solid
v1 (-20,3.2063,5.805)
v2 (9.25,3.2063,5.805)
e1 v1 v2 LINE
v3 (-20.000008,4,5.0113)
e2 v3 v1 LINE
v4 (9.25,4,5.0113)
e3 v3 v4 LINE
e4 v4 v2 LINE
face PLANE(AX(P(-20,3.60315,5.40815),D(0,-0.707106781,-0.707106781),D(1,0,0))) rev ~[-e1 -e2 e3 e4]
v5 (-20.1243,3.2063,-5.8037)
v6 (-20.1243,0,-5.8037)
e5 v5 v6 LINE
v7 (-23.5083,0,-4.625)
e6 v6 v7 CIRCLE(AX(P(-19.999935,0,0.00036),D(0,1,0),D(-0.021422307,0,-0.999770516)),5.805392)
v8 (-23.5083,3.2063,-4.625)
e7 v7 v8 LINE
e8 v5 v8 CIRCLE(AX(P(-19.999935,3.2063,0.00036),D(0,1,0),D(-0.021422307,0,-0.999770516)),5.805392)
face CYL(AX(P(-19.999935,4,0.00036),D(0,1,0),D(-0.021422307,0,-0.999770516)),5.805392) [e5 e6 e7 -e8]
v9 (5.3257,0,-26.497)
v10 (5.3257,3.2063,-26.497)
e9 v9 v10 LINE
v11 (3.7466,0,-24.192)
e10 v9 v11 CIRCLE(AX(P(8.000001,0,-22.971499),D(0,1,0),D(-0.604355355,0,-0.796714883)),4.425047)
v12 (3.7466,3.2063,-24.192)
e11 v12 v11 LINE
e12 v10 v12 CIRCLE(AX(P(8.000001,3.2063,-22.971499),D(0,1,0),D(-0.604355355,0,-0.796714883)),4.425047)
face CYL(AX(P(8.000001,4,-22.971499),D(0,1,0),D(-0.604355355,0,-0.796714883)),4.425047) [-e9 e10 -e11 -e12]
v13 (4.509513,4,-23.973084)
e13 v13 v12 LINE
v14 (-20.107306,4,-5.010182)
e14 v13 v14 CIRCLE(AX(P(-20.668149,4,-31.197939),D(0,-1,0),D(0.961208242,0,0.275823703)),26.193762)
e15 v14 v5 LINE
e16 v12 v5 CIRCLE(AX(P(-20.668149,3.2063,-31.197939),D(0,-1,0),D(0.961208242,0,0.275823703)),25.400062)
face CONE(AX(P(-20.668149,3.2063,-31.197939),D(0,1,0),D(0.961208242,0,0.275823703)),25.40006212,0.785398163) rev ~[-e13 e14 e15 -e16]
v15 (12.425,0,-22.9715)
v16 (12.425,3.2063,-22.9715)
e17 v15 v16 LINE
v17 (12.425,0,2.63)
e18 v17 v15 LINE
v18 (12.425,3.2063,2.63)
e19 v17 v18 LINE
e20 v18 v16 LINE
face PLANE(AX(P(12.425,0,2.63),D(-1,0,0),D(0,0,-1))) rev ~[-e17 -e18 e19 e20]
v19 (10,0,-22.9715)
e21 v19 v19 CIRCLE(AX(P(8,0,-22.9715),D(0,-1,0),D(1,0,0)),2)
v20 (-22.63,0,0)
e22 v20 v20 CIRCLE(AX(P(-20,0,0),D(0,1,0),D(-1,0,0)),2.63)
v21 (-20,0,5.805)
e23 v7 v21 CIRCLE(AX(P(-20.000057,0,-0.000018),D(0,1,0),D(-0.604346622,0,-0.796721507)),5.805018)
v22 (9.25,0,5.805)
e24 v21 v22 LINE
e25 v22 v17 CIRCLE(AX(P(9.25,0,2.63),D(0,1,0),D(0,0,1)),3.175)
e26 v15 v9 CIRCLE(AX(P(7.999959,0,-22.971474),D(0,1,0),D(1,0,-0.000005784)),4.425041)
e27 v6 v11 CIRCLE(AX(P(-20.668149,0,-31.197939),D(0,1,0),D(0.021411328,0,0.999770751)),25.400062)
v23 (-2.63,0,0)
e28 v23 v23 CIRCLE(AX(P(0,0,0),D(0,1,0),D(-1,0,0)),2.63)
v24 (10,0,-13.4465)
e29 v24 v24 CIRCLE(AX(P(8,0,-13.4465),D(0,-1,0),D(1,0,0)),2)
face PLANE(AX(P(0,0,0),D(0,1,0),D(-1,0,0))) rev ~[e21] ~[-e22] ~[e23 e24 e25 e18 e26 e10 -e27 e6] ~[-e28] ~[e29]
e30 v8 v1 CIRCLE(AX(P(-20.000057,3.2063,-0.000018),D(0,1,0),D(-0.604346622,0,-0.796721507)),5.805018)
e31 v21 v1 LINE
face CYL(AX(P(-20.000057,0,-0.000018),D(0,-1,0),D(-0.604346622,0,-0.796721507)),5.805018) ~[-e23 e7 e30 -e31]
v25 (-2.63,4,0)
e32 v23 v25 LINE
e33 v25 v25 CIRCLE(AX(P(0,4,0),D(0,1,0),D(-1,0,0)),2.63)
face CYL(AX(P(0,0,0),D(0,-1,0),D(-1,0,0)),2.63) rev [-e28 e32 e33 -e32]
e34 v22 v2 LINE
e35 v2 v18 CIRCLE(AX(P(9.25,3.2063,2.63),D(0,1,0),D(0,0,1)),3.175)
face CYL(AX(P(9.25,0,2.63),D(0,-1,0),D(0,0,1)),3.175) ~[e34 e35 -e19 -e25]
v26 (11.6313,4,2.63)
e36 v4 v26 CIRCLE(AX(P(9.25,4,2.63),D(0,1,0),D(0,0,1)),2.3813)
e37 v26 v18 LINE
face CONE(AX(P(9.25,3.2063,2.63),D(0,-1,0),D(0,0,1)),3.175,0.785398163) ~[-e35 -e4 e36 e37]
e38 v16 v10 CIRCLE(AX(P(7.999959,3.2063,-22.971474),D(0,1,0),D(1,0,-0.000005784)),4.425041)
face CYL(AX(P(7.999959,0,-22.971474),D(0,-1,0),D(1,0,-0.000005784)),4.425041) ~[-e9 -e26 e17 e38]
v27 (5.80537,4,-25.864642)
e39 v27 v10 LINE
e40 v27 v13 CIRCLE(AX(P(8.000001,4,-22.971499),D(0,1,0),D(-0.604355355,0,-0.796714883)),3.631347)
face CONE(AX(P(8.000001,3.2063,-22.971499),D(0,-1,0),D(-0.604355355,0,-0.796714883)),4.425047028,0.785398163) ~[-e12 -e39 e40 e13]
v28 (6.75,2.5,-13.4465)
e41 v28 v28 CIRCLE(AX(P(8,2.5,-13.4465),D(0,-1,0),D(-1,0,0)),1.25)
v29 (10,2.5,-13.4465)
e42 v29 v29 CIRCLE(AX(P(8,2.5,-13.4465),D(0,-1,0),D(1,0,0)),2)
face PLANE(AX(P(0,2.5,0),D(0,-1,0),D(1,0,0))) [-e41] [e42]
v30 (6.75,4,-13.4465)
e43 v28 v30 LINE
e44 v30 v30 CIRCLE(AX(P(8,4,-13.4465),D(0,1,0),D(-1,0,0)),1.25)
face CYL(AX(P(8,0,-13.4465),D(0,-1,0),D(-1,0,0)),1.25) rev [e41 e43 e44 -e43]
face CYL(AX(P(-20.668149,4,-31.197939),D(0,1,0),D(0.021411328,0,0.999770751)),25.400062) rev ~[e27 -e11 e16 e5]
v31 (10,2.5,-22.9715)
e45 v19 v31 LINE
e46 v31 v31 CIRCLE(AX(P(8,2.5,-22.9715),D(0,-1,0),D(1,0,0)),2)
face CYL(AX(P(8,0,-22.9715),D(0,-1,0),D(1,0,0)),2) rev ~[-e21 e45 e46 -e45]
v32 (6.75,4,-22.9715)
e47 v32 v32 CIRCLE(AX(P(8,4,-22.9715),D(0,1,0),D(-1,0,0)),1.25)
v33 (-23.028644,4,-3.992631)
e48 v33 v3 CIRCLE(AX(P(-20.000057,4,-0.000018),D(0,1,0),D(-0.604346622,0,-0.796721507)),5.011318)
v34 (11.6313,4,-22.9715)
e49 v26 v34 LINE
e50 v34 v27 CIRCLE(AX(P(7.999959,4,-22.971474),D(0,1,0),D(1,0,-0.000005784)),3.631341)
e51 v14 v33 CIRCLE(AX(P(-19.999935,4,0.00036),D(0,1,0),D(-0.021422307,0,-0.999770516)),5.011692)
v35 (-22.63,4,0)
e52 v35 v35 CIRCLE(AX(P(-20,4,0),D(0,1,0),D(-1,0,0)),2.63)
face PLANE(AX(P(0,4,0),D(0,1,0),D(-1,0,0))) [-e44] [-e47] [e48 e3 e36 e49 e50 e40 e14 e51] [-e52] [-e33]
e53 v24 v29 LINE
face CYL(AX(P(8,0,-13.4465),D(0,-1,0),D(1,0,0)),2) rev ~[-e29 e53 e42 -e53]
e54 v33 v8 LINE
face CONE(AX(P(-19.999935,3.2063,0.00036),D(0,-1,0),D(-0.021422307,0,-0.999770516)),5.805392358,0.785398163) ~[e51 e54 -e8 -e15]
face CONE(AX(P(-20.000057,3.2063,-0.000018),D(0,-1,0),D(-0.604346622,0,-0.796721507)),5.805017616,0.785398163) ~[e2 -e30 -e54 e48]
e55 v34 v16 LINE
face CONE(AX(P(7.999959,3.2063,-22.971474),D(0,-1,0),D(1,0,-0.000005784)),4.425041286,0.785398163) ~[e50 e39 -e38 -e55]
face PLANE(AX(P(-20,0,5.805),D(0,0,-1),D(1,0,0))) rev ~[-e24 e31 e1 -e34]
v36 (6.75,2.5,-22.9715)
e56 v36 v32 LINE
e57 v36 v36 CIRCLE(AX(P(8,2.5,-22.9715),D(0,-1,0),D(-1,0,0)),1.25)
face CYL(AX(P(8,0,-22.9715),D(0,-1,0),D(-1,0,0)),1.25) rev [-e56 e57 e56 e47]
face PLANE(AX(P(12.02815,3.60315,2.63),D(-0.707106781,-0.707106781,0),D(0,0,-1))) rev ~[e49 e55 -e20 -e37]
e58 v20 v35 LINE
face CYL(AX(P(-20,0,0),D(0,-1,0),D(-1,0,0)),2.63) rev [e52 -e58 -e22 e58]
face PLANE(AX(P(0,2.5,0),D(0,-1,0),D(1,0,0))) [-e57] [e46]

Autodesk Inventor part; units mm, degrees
ref_plane "YZ Plane" through (0, 0, 0) normal (1, 0, 0) x (0, 1, 0)
ref_plane "XZ Plane" through (0, 0, 0) normal (0, 1, 0) x (-1, 0, 0)
ref_plane "XY Plane" through (0, 0, 0) normal (0, 0, 1) x (1, 0, 0)
sketch "Sketch1" plane through (0, 0, 0) normal (0, 1, 0) x (-1, 0, 0)
  circle A0 centre (0, 0) radius 2.63
  circle A1 centre (20, 0) radius 2.63
  circle A2 centre (-8, -13.4465) radius 1.25
  circle A3 centre (-8, -22.9715) radius 1.25
  circle A4 centre (20, 0) radius 5.805 construction
  circle A5 centre (0, 0) radius 5.805 construction
  circle A6 centre (-8, -13.4465) radius 4.425 construction
  circle A7 centre (-8, -22.9715) radius 4.425 construction
  line L0 (20, 5.805) -> (-9.25, 5.805)
  line L1 (-12.425, 2.63) -> (-12.425, -22.9715)
  line L2 (23.5083, -4.625) -> (-5.3257, -26.497)
  arc A8 (23.5083, -4.625) -> (20, 5.805) centre (20, 0) ccw
  arc A9 (-12.425, -22.9715) -> (-5.3257, -26.497) centre (-8, -22.9715) ccw
  arc A10 (-9.25, 5.805) -> (-12.425, 2.63) centre (-9.25, 2.63) ccw
  point P0 (0, 10)
  dimension "d0" = 5.26
  dimension "d1" = 20
  dimension "d2" = 2.5
  dimension "d3" = 10
  dimension "d4" = 13.4465
  dimension "d5" = 8
  dimension "d6" = 9.525
  dimension "d7" = 3.175
  dimension "d8" = 3.175
  dimension "d9" = 3.175
extrude "Extrusion1" add sketch "Sketch1" along normal blind 4
sketch "Sketch2" plane through (0, 0, 0) normal (0, -1, 0) x (1, 0, 0)
  circle A0 centre (8, -13.4465) radius 1.25 projected
  circle A1 centre (8, -22.9715) radius 1.25 projected
  circle A2 centre (8, -13.4465) radius 2
  circle A3 centre (8, -22.9715) radius 2
  point P0 (0, 0)
  dimension "d12" = 4
extrude "Extrusion2" cut sketch "Sketch2" against normal blind 2.5
sketch "Sketch3" plane through (0, 4, 0) normal (0, 1, 0) x (1, 0, 0)
  circle A0 centre (-20, 0) radius 2.63 projected
  circle A1 centre (8, 22.9715) radius 1.25 projected
  circle A2 centre (-20, 0) radius 5.805 construction
  circle A3 centre (8, 22.9715) radius 4.425 construction
  arc A4 (-23.5083, 4.625) -> (-20, -5.805) centre (-20, 0) ccw projected
  arc A5 (12.425, 22.9715) -> (5.3257, 26.497) centre (8, 22.9715) ccw projected
  circle A6 centre (0, 0) radius 5.805 construction
  circle A7 centre (8, 13.4465) radius 1.25 construction
  circle A8 centre (8, 13.4465) radius 4.425 construction
  arc A9 (-20.1243, 5.8037) -> (3.7466, 24.192) centre (-20.6681, 31.1978) ccw
  arc A10 (-20.1243, 5.8037) -> (-23.5083, 4.625) centre (-20, 0) ccw
  arc A11 (5.3257, 26.497) -> (3.7466, 24.192) centre (8, 22.9715) ccw
  line L0 (5.3257, 26.497) -> (-23.5083, 4.625) projected
  dimension "d15" = 25.4
extrude "Extrusion3" cut sketch "Sketch3" against normal through all contours A10 L0 A11 A9
chamfer "Chamfer1" distance 0.7937 angle 45 6 edges at (12.425, 4, -10.1707) (8.6163, 4, -27.3534) (-5.1676, 4, -11.0758) (-25.8047, 4, 0.0621) (-5.375, 4, 5.805) (11.4951, 4, 4.8751)
properties part number "CNC-021-ZAxisLimitSwitchMount" material "ABS Plastic"
